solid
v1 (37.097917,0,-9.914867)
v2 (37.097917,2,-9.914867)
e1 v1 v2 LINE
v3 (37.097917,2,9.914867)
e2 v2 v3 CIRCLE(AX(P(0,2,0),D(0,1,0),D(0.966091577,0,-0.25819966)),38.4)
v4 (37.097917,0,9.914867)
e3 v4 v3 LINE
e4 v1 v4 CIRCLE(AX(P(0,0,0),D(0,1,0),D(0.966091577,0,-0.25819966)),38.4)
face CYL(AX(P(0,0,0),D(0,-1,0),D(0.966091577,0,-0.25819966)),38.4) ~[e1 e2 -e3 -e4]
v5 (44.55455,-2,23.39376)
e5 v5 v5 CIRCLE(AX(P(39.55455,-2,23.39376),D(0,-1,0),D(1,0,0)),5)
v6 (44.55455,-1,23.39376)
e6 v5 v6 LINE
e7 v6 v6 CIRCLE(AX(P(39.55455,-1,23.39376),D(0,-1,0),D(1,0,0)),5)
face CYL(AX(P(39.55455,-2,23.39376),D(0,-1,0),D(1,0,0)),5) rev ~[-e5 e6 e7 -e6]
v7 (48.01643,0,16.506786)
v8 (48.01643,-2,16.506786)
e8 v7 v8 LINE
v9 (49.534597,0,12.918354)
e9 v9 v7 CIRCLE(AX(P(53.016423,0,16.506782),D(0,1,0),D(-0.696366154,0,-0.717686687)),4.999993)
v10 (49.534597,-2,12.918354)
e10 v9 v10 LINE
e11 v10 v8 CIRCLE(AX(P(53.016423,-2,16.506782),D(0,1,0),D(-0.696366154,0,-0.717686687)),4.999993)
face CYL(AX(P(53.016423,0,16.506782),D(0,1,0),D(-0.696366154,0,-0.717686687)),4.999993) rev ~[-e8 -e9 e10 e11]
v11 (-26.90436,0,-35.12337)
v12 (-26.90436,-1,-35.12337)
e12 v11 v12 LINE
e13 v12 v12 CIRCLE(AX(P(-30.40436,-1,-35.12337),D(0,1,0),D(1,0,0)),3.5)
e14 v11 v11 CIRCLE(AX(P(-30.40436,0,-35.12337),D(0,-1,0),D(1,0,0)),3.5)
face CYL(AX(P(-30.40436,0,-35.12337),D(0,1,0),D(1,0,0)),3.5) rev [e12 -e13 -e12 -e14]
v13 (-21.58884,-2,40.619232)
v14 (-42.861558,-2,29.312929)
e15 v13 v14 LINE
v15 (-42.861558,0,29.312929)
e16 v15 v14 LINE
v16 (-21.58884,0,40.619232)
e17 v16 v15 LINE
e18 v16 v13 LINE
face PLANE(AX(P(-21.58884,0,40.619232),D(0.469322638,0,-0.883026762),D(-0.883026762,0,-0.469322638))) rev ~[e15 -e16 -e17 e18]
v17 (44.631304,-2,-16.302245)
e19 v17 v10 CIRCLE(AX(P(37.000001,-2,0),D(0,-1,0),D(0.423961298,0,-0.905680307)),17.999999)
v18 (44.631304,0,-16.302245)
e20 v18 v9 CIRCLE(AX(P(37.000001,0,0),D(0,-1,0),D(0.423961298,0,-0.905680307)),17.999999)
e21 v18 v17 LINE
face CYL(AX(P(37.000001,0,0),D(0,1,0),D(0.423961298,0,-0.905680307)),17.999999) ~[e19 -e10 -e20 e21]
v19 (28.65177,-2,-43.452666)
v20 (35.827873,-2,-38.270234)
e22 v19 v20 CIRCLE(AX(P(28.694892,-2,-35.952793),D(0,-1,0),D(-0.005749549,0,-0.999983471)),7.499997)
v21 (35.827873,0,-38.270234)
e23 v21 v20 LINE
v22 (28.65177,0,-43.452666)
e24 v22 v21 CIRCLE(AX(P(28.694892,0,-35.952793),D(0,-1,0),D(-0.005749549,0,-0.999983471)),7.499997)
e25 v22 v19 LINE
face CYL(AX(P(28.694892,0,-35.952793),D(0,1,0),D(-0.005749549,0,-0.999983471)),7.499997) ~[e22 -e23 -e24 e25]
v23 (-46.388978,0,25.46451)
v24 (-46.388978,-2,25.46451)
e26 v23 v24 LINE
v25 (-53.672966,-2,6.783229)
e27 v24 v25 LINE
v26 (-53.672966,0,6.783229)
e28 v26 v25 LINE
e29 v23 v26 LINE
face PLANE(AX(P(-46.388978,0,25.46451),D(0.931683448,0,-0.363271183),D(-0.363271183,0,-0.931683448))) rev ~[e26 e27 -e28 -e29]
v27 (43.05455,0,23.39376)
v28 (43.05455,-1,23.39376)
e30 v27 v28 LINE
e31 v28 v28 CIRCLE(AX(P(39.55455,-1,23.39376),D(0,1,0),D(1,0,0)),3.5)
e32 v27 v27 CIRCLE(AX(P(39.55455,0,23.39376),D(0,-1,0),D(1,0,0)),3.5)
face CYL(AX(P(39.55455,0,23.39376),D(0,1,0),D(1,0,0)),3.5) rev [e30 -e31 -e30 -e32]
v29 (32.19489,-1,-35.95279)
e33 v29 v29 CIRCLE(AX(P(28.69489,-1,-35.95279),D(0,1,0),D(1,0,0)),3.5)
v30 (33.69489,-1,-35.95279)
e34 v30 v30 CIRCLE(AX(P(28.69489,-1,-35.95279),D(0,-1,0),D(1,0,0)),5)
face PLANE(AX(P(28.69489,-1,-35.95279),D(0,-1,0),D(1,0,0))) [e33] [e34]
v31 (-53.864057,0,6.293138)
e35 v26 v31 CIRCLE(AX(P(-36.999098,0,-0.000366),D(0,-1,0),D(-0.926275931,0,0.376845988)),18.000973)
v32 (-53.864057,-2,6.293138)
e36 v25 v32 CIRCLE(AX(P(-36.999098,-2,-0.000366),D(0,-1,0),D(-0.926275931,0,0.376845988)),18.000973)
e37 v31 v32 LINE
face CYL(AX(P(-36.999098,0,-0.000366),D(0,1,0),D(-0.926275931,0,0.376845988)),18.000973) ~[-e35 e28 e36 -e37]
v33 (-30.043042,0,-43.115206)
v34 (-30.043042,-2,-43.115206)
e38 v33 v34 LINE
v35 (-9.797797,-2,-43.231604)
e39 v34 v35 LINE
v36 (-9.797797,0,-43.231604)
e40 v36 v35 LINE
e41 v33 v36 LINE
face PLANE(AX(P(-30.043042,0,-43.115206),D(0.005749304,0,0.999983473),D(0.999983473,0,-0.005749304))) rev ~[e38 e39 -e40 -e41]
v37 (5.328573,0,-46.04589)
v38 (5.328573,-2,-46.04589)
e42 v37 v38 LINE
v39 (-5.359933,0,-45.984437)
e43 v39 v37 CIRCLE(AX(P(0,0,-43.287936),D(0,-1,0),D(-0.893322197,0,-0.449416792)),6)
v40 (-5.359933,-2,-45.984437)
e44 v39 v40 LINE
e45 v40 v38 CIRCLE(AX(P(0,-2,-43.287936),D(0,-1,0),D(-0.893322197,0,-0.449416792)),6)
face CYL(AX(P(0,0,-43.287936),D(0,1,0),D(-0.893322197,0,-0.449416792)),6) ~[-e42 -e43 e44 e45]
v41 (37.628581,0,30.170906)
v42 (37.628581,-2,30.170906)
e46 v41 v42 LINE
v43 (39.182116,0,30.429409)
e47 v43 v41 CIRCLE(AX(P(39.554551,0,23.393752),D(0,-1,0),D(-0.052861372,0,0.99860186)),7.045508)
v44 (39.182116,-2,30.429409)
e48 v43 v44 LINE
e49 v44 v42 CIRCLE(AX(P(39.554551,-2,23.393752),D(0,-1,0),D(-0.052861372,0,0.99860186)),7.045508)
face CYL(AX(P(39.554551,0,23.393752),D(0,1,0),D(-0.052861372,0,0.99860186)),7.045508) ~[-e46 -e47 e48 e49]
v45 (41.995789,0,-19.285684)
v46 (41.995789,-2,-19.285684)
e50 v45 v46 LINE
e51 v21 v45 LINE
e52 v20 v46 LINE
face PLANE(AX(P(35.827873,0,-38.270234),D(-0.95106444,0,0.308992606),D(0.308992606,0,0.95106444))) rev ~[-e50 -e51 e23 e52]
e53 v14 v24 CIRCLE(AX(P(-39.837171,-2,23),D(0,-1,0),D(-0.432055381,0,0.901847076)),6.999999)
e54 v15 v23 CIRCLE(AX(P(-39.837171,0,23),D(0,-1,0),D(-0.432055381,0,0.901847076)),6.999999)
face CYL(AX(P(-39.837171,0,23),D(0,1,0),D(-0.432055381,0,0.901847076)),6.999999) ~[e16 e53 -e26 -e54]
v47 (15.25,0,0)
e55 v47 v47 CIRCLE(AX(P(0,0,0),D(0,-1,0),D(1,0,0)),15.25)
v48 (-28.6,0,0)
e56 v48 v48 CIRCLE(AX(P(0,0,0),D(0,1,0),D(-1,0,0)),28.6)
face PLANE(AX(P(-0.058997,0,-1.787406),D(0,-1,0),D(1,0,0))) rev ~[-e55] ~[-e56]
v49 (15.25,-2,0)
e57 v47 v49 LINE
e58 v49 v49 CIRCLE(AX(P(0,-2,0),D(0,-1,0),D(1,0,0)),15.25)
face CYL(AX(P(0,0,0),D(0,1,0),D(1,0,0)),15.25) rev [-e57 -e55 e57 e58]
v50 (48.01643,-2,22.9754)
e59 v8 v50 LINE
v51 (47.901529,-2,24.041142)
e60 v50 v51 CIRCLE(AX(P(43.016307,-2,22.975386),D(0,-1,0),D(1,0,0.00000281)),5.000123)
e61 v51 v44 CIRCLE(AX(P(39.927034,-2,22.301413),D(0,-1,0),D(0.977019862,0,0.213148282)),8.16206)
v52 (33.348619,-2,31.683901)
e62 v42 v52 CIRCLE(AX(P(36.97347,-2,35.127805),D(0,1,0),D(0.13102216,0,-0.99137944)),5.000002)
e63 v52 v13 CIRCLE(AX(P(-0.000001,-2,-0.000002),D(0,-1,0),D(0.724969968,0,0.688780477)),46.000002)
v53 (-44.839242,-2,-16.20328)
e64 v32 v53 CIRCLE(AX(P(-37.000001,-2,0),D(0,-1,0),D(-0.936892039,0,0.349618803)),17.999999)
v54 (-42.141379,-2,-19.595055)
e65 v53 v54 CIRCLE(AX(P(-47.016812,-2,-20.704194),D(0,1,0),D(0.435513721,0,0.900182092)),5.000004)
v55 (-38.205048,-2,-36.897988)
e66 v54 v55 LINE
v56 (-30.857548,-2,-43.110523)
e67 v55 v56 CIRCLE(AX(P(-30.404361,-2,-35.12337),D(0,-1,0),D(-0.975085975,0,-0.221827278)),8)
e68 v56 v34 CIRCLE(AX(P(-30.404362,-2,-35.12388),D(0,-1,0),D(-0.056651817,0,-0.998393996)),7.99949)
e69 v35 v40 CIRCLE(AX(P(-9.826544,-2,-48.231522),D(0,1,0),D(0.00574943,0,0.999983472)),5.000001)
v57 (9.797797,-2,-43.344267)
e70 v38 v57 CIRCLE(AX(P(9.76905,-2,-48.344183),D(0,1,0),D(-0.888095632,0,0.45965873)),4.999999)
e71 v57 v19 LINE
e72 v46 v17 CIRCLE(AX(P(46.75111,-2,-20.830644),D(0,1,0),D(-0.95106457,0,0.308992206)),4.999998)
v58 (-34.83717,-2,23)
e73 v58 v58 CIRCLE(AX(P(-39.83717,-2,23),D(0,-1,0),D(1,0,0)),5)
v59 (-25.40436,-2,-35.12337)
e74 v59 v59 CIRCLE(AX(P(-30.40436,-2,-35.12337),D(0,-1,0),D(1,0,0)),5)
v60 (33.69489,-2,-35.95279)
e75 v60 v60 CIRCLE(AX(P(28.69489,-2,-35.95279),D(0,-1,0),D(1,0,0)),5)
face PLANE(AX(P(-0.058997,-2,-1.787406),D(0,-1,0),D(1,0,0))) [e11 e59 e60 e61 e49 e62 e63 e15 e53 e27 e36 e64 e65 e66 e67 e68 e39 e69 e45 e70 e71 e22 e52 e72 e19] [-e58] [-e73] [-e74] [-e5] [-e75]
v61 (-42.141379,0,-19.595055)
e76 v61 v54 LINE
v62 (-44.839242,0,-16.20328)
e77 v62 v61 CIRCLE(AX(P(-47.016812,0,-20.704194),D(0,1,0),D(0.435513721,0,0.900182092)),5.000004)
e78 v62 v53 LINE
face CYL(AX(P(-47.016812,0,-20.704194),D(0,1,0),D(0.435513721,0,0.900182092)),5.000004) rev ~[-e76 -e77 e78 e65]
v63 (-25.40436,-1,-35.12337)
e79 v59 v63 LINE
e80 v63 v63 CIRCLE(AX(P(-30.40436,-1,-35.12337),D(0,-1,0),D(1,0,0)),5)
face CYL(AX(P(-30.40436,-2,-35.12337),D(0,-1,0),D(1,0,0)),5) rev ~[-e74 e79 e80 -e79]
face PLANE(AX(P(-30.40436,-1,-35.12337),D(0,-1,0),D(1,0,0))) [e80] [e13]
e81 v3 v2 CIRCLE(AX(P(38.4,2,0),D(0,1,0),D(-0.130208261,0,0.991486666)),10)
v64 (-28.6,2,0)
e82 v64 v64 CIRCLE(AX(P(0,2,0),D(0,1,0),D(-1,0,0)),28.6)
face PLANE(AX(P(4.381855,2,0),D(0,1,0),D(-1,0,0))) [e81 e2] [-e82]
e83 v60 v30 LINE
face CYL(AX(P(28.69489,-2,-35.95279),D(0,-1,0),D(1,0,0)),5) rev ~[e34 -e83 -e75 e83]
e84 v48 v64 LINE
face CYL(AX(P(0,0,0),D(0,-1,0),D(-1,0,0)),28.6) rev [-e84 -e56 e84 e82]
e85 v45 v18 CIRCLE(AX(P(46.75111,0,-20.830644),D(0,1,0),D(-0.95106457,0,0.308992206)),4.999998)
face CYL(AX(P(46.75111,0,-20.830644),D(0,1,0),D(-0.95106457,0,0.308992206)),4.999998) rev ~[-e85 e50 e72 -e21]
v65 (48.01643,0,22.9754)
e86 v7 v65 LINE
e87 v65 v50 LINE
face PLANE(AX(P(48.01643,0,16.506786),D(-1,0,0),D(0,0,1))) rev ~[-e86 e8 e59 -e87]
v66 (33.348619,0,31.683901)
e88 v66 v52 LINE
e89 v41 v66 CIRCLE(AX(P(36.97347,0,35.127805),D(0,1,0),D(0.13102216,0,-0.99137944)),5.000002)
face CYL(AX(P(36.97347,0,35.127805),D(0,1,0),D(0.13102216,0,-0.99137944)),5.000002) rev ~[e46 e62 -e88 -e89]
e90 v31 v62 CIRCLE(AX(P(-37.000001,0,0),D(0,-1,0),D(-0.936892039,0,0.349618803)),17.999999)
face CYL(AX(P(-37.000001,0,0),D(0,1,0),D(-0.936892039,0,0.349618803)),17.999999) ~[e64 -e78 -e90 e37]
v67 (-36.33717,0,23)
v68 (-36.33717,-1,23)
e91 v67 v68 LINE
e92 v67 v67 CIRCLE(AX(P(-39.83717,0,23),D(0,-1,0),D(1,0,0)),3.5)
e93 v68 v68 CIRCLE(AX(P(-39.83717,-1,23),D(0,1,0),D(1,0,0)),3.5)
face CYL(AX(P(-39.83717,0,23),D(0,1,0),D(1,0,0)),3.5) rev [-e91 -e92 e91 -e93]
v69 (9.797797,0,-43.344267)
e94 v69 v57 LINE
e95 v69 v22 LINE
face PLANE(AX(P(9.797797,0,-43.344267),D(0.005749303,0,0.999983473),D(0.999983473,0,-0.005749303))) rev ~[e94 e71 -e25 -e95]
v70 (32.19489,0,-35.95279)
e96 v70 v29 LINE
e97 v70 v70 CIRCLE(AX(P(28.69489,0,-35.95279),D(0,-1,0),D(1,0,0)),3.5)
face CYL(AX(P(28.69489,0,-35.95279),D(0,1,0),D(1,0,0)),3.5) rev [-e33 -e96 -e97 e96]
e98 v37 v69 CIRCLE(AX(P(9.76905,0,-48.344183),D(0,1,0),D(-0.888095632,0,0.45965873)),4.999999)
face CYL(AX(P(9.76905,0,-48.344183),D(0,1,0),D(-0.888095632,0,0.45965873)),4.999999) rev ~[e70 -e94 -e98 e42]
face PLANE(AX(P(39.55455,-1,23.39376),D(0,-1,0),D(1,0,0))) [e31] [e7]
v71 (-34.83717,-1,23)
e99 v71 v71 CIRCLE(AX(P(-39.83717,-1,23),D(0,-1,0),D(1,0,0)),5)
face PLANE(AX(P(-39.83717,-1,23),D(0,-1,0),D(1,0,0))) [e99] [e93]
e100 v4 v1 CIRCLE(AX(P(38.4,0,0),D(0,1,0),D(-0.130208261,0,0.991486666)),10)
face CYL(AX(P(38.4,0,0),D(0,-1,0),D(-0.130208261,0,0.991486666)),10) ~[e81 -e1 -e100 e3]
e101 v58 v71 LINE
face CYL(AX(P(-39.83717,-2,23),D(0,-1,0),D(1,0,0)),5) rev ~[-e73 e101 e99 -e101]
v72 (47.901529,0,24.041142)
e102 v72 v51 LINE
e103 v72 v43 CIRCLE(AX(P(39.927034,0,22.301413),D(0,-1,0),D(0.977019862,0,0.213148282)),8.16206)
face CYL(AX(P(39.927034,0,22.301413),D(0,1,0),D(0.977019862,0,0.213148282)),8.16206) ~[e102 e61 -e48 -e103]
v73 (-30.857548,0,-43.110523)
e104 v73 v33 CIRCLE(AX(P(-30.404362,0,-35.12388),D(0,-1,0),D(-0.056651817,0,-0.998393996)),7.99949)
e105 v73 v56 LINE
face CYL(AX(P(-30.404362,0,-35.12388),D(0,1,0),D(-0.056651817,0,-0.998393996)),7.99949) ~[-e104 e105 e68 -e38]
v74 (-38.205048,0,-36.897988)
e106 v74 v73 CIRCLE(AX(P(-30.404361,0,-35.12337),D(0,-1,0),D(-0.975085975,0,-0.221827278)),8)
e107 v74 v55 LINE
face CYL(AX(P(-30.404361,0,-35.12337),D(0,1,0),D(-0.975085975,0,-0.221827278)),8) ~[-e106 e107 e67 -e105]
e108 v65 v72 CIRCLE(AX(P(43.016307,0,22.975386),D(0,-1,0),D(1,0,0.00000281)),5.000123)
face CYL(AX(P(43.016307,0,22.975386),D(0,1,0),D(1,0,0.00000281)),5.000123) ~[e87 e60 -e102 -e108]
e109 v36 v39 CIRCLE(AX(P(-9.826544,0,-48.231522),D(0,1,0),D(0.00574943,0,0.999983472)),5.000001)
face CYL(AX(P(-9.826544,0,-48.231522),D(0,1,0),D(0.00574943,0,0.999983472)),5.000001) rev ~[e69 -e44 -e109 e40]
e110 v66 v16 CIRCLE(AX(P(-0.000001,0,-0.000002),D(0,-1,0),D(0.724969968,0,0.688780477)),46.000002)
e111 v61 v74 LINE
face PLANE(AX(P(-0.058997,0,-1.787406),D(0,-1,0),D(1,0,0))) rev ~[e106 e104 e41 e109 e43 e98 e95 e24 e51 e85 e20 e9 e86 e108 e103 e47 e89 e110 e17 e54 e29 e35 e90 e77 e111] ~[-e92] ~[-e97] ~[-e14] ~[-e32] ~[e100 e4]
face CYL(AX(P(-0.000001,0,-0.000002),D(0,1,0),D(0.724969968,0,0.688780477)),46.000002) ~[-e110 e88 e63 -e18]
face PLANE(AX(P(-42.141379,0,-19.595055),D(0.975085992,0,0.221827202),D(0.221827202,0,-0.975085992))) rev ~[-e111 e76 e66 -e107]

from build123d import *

# Parameters (mm, degrees)
F0_R     = 3.5
F0_R_2   = 15.25
F1_DEPTH = 2
F2_R     = 28.6
F3_DEPTH = 2
F4_R     = 5
F5_DEPTH = 1


with BuildPart() as f1:
    # F0 (on Front) → F1 (new body)
    with BuildSketch(Plane.XZ):
        with BuildLine():
            Line((-21.58884, 40.619232), (-42.861558, 29.312929))
            ThreePointArc((-42.861558, 29.312929), (-44.997448, 27.729855), (-46.388978, 25.46451))
            Line((-46.388978, 25.46451), (-53.672966, 6.783229))
            Line((-53.672966, 6.783229), (-53.864057, 6.293138))
            ThreePointArc((-53.864057, 6.293138), (-53.705851, -6.701832), (-44.839242, -16.20328))
            ThreePointArc((-44.839242, -16.20328), (-43.103725, -17.591673), (-42.141379, -19.595055))
            Line((-42.141379, -19.595055), (-38.205048, -36.897988))
            ThreePointArc((-38.205048, -36.897988), (-35.569679, -41.232337), (-30.857548, -43.110523))
            Line((-30.857548, -43.110523), (-30.043042, -43.115206))
            Line((-30.043042, -43.115206), (-9.797797, -43.231604))
            ThreePointArc((-9.797797, -43.231604), (-7.190907, -43.98259), (-5.359933, -45.984437))
            ThreePointArc((-5.359933, -45.984437), (-0.034496, -49.287837), (5.328573, -46.04589))
            ThreePointArc((5.328573, -46.04589), (7.182444, -44.065228), (9.797797, -43.344267))
            Line((9.797797, -43.344267), (28.65177, -43.452666))
            ThreePointArc((28.65177, -43.452666), (33.085897, -42.033009), (35.827873, -38.270234))
            Line((35.827873, -38.270234), (41.995789, -19.285684))
            ThreePointArc((41.995789, -19.285684), (43.003835, -17.520371), (44.631304, -16.302245))
            ThreePointArc((44.631304, -16.302245), (54.75181, -2.9788), (49.534597, 12.918354))
            ThreePointArc((49.534597, 12.918354), (48.411586, 14.558602), (48.01643, 16.506786))
            Line((48.01643, 16.506786), (48.01643, 22.9754))
            ThreePointArc((48.01643, 22.9754), (47.987621, 23.511359), (47.901529, 24.041142))
            ThreePointArc((47.901529, 24.041142), (44.750848, 28.885488), (39.182116, 30.429409))
            ThreePointArc((39.182116, 30.429409), (38.635854, 30.360699), (38.095468, 30.255318))
            ThreePointArc((38.095468, 30.255318), (37.863026, 30.207571), (37.628581, 30.170906))
            ThreePointArc((37.628581, 30.170906), (35.306998, 30.413689), (33.348619, 31.683901))
            ThreePointArc((33.348619, 31.683901), (7.384655, 45.403379), (-21.58884, 40.619232))
        make_face()
        with Locations((-30.40436, -35.12337)):
            Circle(F0_R, mode=Mode.SUBTRACT)
        with Locations((28.69489, -35.95279)):
            Circle(F0_R, mode=Mode.SUBTRACT)
        with Locations((-39.83717, 23)):
            Circle(F0_R, mode=Mode.SUBTRACT)
        Circle(F0_R_2, mode=Mode.SUBTRACT)
        with Locations((39.55455, 23.39376)):
            Circle(F0_R, mode=Mode.SUBTRACT)
        with BuildLine():
            Line((-53.864057, 6.293138), (-53.672966, 6.783229))
            ThreePointArc((-53.672966, 6.783229), (-53.770302, 6.538881), (-53.864057, 6.293138))
        make_face()
        with BuildLine():
            ThreePointArc((39.182116, 30.429409), (38.398103, 30.343702), (37.628581, 30.170906))
            ThreePointArc((37.628581, 30.170906), (37.863026, 30.207571), (38.095468, 30.255318))
            ThreePointArc((38.095468, 30.255318), (38.635854, 30.360699), (39.182116, 30.429409))
        make_face()
        with BuildLine():
            Line((-30.043042, -43.115206), (-30.857548, -43.110523))
            ThreePointArc((-30.857548, -43.110523), (-30.450354, -43.123238), (-30.043042, -43.115206))
        make_face()
    extrude(amount=F1_DEPTH)

    # F2 (on face) → F3 (join)
    with BuildSketch(Plane(origin=(0, 0, 0), x_dir=(-1, 0, 0), z_dir=(0, 1, 0))):
        with BuildLine():
            ThreePointArc((-37.097917, 9.914867), (-48.4, 0), (-37.097917, -9.914867))
            ThreePointArc((-37.097917, -9.914867), (38.4, 0), (-37.097917, 9.914867))
        make_face()
        Circle(F2_R, mode=Mode.SUBTRACT)
    extrude(amount=F3_DEPTH)

    # F4 (on face) → F5 (cut)
    with BuildSketch(Plane.XZ.offset(2)):
        with Locations((-39.83717, 23)):
            Circle(F4_R)
        with Locations((39.55455, 23.39376)):
            Circle(F4_R)
        with Locations((28.69489, -35.95279)):
            Circle(F4_R)
        with Locations((-30.40436, -35.12337)):
            Circle(F4_R)
    extrude(amount=-F5_DEPTH, mode=Mode.SUBTRACT)


solid = f1.part
